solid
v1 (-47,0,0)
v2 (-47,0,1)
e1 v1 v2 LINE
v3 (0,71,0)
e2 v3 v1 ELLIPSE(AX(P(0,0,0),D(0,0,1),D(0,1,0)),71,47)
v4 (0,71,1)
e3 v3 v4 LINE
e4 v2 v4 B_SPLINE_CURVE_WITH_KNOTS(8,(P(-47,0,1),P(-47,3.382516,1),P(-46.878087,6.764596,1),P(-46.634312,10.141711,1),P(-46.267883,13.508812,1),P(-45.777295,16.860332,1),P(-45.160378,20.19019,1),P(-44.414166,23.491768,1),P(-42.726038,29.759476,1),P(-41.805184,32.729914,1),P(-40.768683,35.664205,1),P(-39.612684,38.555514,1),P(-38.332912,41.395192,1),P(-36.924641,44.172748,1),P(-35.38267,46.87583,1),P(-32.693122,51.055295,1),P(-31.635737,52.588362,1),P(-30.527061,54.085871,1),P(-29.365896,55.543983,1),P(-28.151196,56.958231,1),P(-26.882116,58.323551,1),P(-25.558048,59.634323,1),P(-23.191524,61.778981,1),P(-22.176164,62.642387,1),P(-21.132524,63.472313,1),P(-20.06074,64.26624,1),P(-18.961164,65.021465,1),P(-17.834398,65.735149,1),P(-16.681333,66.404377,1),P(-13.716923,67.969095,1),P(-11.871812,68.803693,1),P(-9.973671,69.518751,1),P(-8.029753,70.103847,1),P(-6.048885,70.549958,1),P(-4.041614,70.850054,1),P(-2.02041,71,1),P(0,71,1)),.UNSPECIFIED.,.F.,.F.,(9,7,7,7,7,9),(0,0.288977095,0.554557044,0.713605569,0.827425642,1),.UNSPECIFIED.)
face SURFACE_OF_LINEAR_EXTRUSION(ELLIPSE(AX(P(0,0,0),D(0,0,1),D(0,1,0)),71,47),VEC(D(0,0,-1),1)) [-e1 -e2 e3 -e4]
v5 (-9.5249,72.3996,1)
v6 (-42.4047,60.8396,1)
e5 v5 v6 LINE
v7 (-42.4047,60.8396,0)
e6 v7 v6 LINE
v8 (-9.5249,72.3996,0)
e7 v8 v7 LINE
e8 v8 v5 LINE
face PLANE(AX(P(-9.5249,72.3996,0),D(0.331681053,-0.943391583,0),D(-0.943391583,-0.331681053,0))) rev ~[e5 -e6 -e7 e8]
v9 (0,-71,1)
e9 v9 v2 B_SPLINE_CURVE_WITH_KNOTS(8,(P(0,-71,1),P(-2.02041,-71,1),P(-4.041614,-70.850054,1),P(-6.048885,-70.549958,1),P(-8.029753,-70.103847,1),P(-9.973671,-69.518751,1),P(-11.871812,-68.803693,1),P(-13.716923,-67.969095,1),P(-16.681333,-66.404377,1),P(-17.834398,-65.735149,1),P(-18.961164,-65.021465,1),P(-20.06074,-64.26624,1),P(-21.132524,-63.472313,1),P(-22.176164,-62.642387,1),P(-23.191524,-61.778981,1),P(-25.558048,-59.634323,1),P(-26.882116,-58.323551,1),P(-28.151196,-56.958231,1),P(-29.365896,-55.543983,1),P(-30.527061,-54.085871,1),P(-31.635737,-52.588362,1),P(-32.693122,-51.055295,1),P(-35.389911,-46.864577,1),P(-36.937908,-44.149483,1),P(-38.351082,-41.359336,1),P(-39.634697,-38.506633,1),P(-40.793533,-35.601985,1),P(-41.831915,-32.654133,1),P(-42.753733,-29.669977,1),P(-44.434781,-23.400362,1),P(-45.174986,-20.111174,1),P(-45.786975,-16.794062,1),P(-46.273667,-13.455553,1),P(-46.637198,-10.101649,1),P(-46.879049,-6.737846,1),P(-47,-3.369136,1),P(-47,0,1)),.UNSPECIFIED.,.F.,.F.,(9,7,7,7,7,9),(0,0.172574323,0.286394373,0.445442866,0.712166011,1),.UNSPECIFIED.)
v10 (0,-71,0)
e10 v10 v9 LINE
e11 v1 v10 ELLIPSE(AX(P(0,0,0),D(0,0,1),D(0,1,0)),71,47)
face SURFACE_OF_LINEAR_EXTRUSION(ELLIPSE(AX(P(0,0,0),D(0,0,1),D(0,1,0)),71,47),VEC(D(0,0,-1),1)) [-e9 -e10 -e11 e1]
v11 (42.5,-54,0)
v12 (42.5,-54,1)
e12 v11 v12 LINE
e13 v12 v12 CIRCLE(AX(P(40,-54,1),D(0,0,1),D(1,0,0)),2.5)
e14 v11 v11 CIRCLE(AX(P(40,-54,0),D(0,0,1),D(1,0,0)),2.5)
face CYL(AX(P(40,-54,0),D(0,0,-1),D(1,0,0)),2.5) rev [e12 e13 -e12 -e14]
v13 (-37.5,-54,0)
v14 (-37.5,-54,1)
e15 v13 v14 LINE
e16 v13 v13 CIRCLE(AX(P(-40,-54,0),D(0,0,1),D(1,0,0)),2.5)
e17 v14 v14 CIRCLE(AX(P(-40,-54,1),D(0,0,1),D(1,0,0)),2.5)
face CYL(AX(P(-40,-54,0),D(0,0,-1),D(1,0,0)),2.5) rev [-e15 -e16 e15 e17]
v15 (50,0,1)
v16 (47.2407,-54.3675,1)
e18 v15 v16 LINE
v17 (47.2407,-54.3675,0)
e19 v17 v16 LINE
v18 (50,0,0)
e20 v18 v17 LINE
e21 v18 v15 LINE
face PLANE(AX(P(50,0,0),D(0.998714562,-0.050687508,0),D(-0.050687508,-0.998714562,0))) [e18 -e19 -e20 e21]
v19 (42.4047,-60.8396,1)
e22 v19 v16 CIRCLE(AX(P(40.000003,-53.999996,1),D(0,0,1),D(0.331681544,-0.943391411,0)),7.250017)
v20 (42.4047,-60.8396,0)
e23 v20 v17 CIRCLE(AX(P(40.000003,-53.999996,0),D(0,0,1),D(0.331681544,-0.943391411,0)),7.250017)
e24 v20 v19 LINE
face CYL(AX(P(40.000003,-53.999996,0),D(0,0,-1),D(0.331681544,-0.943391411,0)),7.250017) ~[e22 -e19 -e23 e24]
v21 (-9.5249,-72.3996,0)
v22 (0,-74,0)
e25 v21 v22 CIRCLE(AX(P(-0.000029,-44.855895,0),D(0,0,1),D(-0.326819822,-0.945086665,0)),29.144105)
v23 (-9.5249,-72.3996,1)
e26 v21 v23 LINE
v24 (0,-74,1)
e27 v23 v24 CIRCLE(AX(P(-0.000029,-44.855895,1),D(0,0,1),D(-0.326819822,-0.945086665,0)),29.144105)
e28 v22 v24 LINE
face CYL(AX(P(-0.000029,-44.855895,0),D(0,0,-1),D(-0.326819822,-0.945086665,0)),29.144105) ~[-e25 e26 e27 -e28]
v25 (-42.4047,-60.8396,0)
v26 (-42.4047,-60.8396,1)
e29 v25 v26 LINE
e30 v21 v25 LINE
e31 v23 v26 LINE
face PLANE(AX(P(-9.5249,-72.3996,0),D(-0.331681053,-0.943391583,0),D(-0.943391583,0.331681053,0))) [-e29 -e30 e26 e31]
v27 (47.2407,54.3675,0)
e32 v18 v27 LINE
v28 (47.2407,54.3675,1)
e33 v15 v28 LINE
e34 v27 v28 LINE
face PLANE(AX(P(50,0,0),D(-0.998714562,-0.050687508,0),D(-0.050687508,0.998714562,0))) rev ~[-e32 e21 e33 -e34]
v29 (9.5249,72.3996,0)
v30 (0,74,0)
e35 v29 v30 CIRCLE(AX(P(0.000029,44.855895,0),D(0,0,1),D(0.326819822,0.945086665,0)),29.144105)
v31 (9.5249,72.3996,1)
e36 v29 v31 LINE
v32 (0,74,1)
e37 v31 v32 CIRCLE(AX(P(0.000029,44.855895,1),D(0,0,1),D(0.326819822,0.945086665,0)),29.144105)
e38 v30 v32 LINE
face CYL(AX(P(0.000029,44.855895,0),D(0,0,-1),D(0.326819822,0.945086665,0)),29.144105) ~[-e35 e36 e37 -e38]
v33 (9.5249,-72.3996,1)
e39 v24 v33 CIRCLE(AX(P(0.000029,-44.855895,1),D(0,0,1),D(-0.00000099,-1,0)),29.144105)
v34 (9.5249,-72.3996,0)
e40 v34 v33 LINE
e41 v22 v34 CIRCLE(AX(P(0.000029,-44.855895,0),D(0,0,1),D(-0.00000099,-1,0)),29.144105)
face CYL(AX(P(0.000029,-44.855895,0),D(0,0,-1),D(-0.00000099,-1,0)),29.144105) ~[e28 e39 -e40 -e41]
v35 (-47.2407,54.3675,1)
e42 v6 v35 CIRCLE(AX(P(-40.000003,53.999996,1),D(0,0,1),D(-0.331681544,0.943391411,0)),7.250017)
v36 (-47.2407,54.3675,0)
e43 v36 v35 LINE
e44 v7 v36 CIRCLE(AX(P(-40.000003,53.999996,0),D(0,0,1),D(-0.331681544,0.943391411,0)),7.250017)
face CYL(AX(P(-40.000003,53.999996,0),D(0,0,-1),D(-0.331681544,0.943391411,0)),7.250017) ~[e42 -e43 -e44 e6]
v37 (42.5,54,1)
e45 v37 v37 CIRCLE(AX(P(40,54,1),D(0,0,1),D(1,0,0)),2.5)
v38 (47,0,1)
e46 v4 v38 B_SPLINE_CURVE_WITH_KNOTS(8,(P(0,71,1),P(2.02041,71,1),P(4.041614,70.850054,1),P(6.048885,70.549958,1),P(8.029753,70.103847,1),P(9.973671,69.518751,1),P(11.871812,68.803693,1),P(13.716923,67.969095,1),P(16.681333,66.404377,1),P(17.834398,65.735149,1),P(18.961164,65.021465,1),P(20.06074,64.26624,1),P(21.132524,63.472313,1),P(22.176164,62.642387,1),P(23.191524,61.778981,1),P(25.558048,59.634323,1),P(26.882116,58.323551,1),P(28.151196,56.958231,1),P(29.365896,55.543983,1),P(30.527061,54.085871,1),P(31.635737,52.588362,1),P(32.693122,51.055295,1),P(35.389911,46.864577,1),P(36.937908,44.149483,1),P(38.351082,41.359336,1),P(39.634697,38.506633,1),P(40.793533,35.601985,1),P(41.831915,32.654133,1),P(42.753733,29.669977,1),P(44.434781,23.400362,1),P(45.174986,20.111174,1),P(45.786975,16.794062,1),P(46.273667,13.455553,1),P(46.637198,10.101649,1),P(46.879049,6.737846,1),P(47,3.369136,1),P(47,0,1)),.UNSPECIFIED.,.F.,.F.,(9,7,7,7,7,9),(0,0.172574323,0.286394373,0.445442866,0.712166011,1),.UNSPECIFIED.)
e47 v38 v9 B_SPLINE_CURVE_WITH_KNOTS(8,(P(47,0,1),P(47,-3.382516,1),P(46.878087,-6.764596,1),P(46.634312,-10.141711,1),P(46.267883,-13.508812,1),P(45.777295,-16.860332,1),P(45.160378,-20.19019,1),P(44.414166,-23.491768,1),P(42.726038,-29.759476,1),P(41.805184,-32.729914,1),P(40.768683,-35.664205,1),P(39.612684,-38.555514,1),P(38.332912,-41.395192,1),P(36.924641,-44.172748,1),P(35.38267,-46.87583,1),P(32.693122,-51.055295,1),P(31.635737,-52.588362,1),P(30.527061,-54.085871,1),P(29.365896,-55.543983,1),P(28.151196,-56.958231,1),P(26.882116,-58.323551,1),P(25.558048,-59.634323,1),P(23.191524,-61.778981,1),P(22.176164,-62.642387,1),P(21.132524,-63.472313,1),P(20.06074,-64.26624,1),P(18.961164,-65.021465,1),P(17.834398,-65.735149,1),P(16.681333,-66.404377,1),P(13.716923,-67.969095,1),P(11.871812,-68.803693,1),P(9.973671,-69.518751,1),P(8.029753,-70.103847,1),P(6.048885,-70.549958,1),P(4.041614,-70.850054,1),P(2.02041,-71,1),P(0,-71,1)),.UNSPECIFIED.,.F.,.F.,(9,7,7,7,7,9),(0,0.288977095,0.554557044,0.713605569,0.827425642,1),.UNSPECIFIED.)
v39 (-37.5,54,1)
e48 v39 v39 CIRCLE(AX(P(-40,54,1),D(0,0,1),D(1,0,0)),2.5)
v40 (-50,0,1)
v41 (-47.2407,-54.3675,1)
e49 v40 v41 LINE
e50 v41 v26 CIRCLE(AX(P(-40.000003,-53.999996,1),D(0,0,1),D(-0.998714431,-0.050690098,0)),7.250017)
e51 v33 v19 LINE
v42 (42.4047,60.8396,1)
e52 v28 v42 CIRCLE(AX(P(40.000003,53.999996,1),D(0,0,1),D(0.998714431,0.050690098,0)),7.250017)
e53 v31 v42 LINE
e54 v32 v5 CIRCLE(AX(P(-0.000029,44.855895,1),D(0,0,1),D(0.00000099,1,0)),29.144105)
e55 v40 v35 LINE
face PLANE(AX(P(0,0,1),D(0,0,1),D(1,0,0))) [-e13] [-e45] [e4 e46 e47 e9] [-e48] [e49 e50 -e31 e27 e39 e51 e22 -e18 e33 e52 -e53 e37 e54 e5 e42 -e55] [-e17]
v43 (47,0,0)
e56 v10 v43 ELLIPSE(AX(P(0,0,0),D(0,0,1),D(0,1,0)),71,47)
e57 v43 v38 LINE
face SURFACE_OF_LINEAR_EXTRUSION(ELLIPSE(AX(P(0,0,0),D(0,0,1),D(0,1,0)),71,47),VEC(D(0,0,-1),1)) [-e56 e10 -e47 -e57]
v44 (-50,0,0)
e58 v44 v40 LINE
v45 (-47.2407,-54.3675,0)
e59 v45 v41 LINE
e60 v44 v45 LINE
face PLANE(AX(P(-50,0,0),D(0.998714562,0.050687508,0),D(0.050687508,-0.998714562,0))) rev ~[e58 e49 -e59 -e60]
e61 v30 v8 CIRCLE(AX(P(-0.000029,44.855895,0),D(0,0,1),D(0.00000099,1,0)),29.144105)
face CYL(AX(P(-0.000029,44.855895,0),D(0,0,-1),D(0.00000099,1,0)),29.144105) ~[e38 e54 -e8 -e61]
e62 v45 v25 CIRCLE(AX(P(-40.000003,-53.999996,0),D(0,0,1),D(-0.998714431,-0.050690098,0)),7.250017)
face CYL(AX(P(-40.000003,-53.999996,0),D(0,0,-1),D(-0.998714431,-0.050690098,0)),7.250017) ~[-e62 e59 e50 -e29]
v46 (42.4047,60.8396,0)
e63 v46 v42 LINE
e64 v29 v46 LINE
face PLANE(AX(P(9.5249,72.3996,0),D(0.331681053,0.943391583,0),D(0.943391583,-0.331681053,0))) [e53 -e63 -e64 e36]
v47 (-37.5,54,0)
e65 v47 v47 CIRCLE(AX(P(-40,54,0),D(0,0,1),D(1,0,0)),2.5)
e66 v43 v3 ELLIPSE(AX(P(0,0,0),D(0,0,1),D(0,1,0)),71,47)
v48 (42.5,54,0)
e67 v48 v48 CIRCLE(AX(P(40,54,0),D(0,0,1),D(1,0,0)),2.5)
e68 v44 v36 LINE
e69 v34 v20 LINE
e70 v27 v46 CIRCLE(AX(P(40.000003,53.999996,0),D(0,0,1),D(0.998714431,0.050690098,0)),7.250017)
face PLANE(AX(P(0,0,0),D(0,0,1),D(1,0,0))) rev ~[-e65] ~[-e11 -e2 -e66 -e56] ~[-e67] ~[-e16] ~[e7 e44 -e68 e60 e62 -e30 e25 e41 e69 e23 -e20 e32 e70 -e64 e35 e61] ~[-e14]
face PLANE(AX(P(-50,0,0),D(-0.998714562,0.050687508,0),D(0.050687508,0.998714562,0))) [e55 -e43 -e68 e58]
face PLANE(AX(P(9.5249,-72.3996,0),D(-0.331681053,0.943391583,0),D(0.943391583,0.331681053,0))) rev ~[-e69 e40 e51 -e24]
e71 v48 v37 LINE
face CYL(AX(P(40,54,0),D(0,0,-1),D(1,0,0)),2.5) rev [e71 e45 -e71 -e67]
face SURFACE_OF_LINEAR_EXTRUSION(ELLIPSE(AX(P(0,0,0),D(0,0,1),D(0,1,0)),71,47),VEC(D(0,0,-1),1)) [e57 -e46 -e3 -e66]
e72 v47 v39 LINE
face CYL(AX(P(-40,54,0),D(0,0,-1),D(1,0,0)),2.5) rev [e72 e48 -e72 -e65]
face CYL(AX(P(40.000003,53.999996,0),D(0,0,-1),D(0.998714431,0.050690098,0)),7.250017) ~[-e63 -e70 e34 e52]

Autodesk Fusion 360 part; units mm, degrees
sketch "Sketch1" plane through (0, 0, 0) normal (0, 0, 1) x (1, 0, 0)
  line L0 (-50, 74) -> (50, 74) construction
  line L1 (50, 74) -> (50, -74) construction
  line L2 (50, -74) -> (-50, -74) construction
  line L3 (-50, -74) -> (-50, 74) construction
  line L4 (-50, 74) -> (50, -74) construction
  line L5 (50, 74) -> (-50, -74) construction
  circle A0 centre (-40, 54) radius 2.5
  circle A1 centre (40, 54) radius 2.5
  circle A2 centre (-40, -54) radius 2.5
  circle A3 centre (40, -54) radius 2.5
  line L6 (0, 74) -> (0, 0)
  line L7 (-50, 0) -> (0, 0)
  line L8 (50, 0) -> (47.2407, 54.3675)
  arc A4 (9.5249, 72.3996) -> (0, 74) centre (0, 44.8559) ccw
  line L9 (9.5249, 72.3996) -> (42.4047, 60.8396)
  arc A5 (47.2407, 54.3675) -> (42.4047, 60.8396) centre (40, 54) ccw
  arc A6 (0, -74) -> (9.5249, -72.3996) centre (0, -44.8559) ccw
  line L10 (9.5249, -72.3996) -> (42.4047, -60.8396)
  arc A7 (42.4047, -60.8396) -> (47.2407, -54.3675) centre (40, -54) ccw
  line L11 (50, 0) -> (47.2407, -54.3675)
  arc A8 (-9.5249, -72.3996) -> (0, -74) centre (0, -44.8559) ccw
  line L12 (-9.5249, -72.3996) -> (-42.4047, -60.8396)
  arc A9 (-47.2407, -54.3675) -> (-42.4047, -60.8396) centre (-40, -54) ccw
  line L13 (-50, 0) -> (-47.2407, -54.3675)
  line L14 (-50, 0) -> (-47.2407, 54.3675)
  arc A10 (0, 74) -> (-9.5249, 72.3996) centre (0, 44.8559) ccw
  line L15 (-9.5249, 72.3996) -> (-42.4047, 60.8396)
  arc A11 (-42.4047, 60.8396) -> (-47.2407, 54.3675) centre (-40, 54) ccw
  dimension "d1" = 100
  dimension "d2" = 148
  dimension "d3" = 5
  dimension "d4" = 54
  dimension "d5" = 40
  dimension "d8" = 80
  dimension "d9" = -108
  dimension "d10" = 14.5
sketch "Sketch2" plane through (0, 0, 0) normal (0, 0, 1) x (1, 0, 0)
  ellipse E0 centre (0, 0) end of major axis (0, 71) minor radius 47
  line L0 (0, -71) -> (0, 71)
  line L1 (47, 0) -> (-47, 0)
  dimension "d11" = 142
  dimension "d12" = 94
extrude "Extrude1" add sketch "Sketch1" along normal blind 1
extrude "Extrude2" cut sketch "Sketch2" along normal through all
equation "d4 = ( 108 / 2 ) * 1 mm"
